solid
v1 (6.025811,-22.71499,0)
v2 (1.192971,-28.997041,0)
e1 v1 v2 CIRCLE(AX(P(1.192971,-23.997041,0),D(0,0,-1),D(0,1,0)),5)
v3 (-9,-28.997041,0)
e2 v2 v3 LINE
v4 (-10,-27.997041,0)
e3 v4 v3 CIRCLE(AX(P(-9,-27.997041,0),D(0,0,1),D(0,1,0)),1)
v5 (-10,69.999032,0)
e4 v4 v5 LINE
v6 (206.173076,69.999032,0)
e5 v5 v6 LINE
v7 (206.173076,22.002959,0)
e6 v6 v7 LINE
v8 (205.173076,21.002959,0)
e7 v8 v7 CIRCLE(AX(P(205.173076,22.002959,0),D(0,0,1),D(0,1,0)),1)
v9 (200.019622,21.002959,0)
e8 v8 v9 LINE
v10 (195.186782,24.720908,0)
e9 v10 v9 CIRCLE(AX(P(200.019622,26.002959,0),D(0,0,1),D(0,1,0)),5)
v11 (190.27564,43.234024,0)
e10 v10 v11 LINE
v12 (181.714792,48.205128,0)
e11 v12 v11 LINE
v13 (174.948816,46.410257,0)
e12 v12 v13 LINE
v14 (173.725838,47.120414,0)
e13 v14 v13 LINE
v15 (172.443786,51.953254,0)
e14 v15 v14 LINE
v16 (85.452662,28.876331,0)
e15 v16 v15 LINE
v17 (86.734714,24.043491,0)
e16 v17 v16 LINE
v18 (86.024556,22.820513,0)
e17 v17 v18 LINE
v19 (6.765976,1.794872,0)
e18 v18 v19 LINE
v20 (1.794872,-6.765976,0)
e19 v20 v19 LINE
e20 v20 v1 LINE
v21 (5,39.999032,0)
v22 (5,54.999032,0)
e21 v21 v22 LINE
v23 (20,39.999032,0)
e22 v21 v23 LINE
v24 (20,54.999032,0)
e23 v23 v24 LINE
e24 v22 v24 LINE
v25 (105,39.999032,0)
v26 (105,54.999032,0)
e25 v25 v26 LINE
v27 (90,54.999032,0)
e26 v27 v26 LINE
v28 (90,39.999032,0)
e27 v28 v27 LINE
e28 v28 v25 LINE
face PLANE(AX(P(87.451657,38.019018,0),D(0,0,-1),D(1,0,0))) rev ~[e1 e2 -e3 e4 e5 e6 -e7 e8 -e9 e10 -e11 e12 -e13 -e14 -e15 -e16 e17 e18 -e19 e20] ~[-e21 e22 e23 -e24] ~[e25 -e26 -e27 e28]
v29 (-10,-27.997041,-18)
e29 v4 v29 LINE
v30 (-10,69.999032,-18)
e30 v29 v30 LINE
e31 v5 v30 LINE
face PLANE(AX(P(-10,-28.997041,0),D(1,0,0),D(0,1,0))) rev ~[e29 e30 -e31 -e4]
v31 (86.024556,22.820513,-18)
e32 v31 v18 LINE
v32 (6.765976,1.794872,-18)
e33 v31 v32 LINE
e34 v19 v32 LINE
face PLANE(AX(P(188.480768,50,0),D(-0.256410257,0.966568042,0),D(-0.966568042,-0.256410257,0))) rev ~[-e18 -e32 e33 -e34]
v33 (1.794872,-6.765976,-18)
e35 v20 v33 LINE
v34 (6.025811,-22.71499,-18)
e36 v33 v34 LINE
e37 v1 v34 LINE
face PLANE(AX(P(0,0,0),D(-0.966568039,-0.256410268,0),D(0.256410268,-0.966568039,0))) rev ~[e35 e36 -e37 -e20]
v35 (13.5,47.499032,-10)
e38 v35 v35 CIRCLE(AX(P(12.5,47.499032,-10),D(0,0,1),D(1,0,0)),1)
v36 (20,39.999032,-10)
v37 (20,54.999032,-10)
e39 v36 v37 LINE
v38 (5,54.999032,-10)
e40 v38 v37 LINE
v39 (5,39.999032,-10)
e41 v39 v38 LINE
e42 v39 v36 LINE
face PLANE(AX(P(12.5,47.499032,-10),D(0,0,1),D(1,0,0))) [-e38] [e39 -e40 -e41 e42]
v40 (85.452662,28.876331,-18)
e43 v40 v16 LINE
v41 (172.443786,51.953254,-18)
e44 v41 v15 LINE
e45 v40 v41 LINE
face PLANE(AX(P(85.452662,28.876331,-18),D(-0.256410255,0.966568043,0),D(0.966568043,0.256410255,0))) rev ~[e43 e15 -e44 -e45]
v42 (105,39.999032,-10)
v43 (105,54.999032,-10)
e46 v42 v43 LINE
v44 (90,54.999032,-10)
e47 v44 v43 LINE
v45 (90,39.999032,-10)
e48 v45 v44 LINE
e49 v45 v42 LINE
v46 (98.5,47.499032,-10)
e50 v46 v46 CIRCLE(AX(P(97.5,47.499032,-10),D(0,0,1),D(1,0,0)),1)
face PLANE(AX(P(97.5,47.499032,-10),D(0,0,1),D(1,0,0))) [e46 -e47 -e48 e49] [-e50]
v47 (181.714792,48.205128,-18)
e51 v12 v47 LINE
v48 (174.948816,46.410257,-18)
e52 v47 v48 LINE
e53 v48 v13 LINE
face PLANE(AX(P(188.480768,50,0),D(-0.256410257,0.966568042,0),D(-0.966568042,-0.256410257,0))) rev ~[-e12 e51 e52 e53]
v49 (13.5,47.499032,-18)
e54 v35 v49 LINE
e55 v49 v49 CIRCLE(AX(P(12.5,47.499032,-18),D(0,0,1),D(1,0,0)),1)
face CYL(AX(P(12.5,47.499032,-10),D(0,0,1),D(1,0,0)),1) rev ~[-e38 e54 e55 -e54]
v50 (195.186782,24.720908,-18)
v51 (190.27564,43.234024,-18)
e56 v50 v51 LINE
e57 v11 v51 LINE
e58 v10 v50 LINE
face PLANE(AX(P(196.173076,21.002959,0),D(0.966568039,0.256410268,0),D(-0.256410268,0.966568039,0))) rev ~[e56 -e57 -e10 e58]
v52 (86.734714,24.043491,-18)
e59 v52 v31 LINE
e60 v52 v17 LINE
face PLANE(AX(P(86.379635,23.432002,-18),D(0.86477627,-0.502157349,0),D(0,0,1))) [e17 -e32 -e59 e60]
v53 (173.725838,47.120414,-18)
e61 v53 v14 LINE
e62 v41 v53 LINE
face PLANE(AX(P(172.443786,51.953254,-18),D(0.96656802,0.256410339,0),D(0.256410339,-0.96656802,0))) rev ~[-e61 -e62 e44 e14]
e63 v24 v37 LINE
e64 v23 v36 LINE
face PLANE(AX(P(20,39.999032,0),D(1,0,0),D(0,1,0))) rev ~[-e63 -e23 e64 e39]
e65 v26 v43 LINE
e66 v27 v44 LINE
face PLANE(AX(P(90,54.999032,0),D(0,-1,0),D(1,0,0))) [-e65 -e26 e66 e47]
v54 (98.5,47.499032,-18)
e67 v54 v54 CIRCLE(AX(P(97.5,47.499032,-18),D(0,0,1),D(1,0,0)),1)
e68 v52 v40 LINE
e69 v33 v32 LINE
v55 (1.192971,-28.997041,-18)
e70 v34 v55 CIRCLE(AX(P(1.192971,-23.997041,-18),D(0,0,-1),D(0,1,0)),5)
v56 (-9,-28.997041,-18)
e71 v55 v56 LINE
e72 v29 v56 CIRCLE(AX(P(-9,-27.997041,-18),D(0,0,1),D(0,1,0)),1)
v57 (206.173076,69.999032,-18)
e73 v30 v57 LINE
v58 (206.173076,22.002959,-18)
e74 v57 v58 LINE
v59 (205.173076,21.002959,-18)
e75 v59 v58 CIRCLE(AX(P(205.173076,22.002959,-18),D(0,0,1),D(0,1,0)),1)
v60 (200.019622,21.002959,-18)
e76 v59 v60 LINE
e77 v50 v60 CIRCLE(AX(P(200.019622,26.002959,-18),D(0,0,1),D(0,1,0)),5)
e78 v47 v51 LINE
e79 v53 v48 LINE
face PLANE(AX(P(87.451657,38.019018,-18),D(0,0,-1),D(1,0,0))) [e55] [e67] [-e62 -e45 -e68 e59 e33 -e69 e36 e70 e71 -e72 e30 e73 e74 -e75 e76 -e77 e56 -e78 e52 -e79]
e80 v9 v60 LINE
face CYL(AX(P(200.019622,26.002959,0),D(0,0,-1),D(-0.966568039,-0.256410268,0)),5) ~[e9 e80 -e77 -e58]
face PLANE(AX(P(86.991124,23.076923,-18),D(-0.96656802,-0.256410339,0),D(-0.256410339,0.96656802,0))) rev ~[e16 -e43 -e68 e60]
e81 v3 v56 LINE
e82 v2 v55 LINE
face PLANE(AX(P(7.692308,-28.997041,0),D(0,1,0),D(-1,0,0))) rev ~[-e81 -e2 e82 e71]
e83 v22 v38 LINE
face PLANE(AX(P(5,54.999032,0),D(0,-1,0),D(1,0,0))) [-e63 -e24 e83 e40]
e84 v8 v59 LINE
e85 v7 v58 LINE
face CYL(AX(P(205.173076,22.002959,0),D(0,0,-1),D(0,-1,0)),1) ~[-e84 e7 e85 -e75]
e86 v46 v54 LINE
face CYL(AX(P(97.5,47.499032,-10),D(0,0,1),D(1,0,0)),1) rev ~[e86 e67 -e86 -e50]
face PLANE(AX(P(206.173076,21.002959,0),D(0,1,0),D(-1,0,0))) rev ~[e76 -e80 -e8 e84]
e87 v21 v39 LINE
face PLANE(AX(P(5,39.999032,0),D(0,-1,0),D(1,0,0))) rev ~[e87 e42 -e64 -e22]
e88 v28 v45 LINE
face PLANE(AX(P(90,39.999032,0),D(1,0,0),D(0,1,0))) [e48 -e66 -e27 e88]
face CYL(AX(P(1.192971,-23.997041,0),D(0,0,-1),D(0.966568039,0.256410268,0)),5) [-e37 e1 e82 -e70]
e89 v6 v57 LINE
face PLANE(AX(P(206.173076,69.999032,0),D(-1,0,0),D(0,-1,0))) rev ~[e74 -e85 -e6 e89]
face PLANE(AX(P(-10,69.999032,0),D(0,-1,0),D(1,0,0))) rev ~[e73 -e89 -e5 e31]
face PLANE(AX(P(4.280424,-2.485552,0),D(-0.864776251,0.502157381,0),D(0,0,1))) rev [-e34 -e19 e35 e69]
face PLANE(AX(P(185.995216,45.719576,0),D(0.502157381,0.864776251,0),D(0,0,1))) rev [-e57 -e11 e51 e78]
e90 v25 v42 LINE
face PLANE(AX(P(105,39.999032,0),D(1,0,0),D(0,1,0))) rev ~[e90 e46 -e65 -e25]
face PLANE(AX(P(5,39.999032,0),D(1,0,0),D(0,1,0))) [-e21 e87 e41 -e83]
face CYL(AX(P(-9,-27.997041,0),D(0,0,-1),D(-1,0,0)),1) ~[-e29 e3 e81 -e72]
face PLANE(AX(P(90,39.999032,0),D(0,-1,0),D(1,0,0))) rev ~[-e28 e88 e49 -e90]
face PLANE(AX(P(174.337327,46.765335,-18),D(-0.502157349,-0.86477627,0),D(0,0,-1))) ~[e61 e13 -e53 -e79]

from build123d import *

# Parameters (mm, degrees)
PAD_DEPTH       = 18
FILLET_R        = 5
FILLET001_R     = 5
FILLET002_R     = 1
FILLET003_R     = 1
CHAMFER_SIZE    = 7
CHAMFER001_SIZE = 7
SKETCH001_W     = 15
SKETCH001_H     = 15
POCKET_DEPTH    = 10
SKETCH005_R     = 1
POCKET001_DEPTH = 8
SKETCH006_R     = 1
POCKET002_DEPTH = 8
POCKET003_DEPTH = 18
CHAMFER002_SIZE = 1
CHAMFER003_SIZE = 1


with BuildPart() as part:
    # Sketch → Pad (new body)
    with BuildSketch(Plane(origin=(0, 0, 0), x_dir=(1, 0, 0), z_dir=(0, 0, -1))):
        Polygon((206.173076, -21.002959), (196.173076, -21.002959), (188.480768, -50), (0, 0), (7.692308, 28.997041), (-10, 28.997041), (-10, -69.999032), (206.173076, -69.999032), align=None)
    extrude(amount=PAD_DEPTH)

    # Fillet
    fillet_edges = [part.edges().sort_by_distance(p)[0] for p in [
        (7.692308, -28.997041, -9),
    ]]
    fillet(fillet_edges, radius=FILLET_R)

    # Fillet001
    fillet001_edges = [part.edges().sort_by_distance(p)[0] for p in [
        (196.173076, 21.002959, -9),
    ]]
    fillet(fillet001_edges, radius=FILLET001_R)

    # Fillet002
    fillet002_edges = [part.edges().sort_by_distance(p)[0] for p in [
        (206.173076, 21.002959, -9),
    ]]
    fillet(fillet002_edges, radius=FILLET002_R)

    # Fillet003
    fillet003_edges = [part.edges().sort_by_distance(p)[0] for p in [
        (-10, -28.997041, -9),
    ]]
    fillet(fillet003_edges, radius=FILLET003_R)

    # Chamfer
    chamfer_edges = [part.edges().sort_by_distance(p)[0] for p in [
        (0, 0, -9),
    ]]
    chamfer(chamfer_edges, length=CHAMFER_SIZE)

    # Chamfer001
    chamfer001_edges = [part.edges().sort_by_distance(p)[0] for p in [
        (188.480768, 50, -9),
    ]]
    chamfer(chamfer001_edges, length=CHAMFER001_SIZE)

    # Sketch001 → Pocket (cut)
    with BuildSketch(Plane.XY):
        with Locations((12.5, 47.499032)):
            Rectangle(SKETCH001_W, SKETCH001_H)
        with Locations((97.5, 47.499032)):
            Rectangle(SKETCH001_W, SKETCH001_H)
    extrude(amount=-POCKET_DEPTH, mode=Mode.SUBTRACT)

    # Sketch005 → Pocket001 (cut)
    with BuildSketch(Plane.XY.offset(-10)):
        with Locations((12.5, 47.499032)):
            Circle(SKETCH005_R)
    extrude(amount=-POCKET001_DEPTH, mode=Mode.SUBTRACT)

    # Sketch006 → Pocket002 (cut)
    with BuildSketch(Plane.XY.offset(-10)):
        with Locations((97.5, 47.499032)):
            Circle(SKETCH006_R)
    extrude(amount=-POCKET002_DEPTH, mode=Mode.SUBTRACT)

    # Sketch004 → Pocket003 (cut)
    with BuildSketch(Plane(origin=(0, 0, -18), x_dir=(1, 0, 0), z_dir=(0, 0, -1))):
        Polygon((85.452662, -28.876331), (172.443786, -51.953254), (173.982248, -46.153846), (86.991124, -23.076923), align=None)
    extrude(amount=-POCKET003_DEPTH, mode=Mode.SUBTRACT)

    # Chamfer002
    chamfer002_edges = [part.edges().sort_by_distance(p)[0] for p in [
        (86.991124, 23.076923, -9),
    ]]
    chamfer(chamfer002_edges, length=CHAMFER002_SIZE)

    # Chamfer003
    chamfer003_edges = [part.edges().sort_by_distance(p)[0] for p in [
        (173.982248, 46.153846, -9),
    ]]
    chamfer(chamfer003_edges, length=CHAMFER003_SIZE)


solid = part.part
